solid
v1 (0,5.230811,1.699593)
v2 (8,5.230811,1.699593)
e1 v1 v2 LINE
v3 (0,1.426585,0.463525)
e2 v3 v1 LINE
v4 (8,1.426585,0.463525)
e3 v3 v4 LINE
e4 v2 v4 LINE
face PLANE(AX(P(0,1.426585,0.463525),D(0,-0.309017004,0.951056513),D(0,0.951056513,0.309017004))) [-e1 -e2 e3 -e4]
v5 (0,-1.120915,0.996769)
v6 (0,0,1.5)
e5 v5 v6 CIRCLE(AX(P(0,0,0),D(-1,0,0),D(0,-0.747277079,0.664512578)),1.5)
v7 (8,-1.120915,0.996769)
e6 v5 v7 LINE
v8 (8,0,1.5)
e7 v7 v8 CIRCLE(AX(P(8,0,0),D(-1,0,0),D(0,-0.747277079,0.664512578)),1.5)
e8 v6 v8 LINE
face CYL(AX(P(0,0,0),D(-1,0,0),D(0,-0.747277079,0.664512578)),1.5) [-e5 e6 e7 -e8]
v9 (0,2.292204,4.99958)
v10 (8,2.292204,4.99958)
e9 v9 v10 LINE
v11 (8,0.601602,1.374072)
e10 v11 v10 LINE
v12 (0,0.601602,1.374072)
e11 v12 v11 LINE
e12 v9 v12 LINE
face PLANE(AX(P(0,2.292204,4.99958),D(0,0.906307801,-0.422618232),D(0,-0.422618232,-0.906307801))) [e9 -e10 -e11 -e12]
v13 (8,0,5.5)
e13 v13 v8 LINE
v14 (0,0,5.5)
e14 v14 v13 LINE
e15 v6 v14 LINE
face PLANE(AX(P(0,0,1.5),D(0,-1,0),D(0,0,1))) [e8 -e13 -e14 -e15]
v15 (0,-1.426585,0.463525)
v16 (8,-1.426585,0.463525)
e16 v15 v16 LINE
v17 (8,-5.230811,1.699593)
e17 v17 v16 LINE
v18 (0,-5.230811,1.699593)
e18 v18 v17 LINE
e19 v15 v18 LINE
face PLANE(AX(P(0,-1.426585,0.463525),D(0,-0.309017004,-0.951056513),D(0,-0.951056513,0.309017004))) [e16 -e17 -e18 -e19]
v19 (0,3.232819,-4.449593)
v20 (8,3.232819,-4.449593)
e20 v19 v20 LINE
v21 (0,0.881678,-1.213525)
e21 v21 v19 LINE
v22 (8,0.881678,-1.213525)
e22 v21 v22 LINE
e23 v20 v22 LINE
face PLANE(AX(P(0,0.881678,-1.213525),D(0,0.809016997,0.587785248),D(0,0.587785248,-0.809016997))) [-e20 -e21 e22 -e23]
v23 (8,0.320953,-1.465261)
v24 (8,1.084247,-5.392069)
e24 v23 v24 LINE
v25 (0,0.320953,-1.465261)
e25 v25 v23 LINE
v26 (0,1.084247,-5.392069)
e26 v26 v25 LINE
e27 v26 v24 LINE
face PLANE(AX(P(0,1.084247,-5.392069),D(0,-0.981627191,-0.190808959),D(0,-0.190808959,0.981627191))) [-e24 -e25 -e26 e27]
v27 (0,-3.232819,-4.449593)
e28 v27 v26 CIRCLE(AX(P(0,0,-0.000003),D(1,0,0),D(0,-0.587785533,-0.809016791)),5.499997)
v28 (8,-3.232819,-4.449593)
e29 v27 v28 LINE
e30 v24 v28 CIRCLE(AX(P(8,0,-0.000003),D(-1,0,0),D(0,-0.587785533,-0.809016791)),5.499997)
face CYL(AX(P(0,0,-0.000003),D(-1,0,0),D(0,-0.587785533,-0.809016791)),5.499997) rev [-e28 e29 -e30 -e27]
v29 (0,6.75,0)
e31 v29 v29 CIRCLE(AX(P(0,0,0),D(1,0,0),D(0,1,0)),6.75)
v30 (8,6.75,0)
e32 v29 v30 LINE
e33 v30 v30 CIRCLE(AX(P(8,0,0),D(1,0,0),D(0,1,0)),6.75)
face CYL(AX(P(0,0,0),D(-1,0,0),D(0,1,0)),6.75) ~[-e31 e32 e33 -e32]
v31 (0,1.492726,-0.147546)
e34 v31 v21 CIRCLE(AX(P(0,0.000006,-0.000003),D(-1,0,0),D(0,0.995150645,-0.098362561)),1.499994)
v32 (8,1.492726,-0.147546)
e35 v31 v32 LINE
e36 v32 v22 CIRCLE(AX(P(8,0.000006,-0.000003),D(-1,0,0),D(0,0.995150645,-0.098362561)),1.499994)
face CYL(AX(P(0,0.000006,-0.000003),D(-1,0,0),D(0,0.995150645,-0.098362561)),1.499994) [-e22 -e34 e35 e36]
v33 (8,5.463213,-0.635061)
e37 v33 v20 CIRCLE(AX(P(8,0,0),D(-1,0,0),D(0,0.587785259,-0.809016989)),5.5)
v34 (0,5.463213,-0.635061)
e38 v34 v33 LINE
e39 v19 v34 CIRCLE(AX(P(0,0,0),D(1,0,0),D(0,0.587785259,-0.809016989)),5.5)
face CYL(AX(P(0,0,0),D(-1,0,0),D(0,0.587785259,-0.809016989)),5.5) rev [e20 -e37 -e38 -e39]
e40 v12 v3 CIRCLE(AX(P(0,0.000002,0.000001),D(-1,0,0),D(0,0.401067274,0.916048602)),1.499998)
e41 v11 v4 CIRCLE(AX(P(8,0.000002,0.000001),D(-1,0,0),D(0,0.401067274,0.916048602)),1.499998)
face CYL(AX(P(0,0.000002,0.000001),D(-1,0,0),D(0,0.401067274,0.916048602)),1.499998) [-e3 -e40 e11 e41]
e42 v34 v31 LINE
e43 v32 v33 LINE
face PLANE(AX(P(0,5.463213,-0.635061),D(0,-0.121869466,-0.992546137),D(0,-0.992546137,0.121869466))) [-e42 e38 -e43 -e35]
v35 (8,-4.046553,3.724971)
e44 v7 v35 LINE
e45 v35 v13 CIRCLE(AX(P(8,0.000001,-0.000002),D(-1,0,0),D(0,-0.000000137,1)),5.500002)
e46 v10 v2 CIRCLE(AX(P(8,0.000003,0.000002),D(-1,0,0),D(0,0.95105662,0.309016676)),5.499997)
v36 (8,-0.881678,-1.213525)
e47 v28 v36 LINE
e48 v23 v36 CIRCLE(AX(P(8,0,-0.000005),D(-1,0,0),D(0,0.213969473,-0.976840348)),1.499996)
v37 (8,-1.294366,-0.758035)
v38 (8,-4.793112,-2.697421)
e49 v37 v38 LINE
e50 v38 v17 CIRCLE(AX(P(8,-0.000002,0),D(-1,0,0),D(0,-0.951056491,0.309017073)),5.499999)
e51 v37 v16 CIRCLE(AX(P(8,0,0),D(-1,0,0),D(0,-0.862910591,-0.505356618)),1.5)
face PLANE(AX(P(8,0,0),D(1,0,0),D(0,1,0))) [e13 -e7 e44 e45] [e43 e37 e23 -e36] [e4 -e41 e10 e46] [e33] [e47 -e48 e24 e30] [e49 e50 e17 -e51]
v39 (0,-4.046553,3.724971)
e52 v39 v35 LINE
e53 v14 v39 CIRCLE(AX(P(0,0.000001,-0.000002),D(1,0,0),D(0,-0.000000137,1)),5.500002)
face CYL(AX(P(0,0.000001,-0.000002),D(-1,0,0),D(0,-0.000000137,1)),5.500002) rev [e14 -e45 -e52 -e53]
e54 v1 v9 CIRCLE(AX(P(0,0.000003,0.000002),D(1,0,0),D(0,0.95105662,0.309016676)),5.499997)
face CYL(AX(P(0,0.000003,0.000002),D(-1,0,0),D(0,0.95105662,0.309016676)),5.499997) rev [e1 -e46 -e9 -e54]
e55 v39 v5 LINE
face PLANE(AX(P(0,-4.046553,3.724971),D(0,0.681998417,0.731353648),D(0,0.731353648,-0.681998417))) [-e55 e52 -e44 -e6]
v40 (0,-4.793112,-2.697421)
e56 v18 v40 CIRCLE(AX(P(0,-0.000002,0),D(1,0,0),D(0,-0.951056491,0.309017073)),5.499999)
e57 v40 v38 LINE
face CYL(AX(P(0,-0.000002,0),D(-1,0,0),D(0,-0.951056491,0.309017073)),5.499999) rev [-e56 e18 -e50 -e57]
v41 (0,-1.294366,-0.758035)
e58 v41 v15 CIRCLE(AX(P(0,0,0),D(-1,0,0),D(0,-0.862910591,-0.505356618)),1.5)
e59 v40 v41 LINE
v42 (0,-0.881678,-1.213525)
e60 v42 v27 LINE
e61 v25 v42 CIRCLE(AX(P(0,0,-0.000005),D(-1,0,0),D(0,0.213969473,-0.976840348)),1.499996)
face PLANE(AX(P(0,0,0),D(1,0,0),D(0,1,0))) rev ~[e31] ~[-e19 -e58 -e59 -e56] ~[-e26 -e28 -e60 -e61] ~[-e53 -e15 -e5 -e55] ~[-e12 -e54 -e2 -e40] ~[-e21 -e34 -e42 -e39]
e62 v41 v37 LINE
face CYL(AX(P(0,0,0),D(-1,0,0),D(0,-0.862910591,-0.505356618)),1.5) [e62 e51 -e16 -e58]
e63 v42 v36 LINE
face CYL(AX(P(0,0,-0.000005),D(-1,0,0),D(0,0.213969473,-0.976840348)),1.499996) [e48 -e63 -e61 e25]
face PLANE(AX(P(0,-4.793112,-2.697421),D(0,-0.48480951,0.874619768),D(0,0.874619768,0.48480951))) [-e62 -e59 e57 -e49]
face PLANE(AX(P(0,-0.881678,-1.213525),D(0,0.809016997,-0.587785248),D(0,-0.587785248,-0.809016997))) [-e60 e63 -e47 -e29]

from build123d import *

# Parameters (mm, degrees)
F0_R     = 6.75
F2_DEPTH = 8
F3_DEPTH = 8.001


with BuildPart() as f2:
    # F0 (on Right) → F2 (new body)
    with BuildSketch(Plane.YZ):
        Circle(F0_R)
    extrude(amount=F2_DEPTH)

    # F1 (on face) → F3 (cut, through all)
    with BuildSketch(Plane.YZ):
        with BuildLine():
            ThreePointArc((-3.232819, -4.449593), (-1.173096, -5.373439), (1.084247, -5.392069))
            Line((1.084247, -5.392069), (0.320953, -1.465261))
            ThreePointArc((0.320953, -1.465261), (-0.30732, -1.468181), (-0.881678, -1.213525))
            Line((-0.881678, -1.213525), (-3.232819, -4.449593))
        make_face()
        with BuildLine():
            Line((-1.426585, 0.463525), (-5.230811, 1.699593))
            ThreePointArc((-5.230811, 1.699593), (-5.472951, -0.544803), (-4.793112, -2.697421))
            Line((-4.793112, -2.697421), (-1.294366, -0.758035))
            ThreePointArc((-1.294366, -0.758035), (-1.49129, -0.161414), (-1.426585, 0.463525))
        make_face()
        with BuildLine():
            Line((0, 1.5), (0, 5.5))
            ThreePointArc((0, 5.5), (-2.209373, 5.036732), (-4.046553, 3.724971))
            Line((-4.046553, 3.724971), (-1.120915, 0.996769))
            ThreePointArc((-1.120915, 0.996769), (-0.614348, 1.368421), (0, 1.5))
        make_face()
        with BuildLine():
            Line((1.426585, 0.463525), (5.230811, 1.699593))
            ThreePointArc((5.230811, 1.699593), (4.107483, 3.657675), (2.292204, 4.99958))
            Line((2.292204, 4.99958), (0.601602, 1.374072))
            ThreePointArc((0.601602, 1.374072), (1.111602, 1.007145), (1.426585, 0.463525))
        make_face()
        with BuildLine():
            ThreePointArc((3.232819, -4.449593), (4.747937, -2.776165), (5.463213, -0.635061))
            Line((5.463213, -0.635061), (1.492726, -0.147546))
            ThreePointArc((1.492726, -0.147546), (1.301356, -0.745972), (0.881678, -1.213525))
            Line((0.881678, -1.213525), (3.232819, -4.449593))
        make_face()
    extrude(amount=F3_DEPTH, mode=Mode.SUBTRACT)


solid = f2.part
